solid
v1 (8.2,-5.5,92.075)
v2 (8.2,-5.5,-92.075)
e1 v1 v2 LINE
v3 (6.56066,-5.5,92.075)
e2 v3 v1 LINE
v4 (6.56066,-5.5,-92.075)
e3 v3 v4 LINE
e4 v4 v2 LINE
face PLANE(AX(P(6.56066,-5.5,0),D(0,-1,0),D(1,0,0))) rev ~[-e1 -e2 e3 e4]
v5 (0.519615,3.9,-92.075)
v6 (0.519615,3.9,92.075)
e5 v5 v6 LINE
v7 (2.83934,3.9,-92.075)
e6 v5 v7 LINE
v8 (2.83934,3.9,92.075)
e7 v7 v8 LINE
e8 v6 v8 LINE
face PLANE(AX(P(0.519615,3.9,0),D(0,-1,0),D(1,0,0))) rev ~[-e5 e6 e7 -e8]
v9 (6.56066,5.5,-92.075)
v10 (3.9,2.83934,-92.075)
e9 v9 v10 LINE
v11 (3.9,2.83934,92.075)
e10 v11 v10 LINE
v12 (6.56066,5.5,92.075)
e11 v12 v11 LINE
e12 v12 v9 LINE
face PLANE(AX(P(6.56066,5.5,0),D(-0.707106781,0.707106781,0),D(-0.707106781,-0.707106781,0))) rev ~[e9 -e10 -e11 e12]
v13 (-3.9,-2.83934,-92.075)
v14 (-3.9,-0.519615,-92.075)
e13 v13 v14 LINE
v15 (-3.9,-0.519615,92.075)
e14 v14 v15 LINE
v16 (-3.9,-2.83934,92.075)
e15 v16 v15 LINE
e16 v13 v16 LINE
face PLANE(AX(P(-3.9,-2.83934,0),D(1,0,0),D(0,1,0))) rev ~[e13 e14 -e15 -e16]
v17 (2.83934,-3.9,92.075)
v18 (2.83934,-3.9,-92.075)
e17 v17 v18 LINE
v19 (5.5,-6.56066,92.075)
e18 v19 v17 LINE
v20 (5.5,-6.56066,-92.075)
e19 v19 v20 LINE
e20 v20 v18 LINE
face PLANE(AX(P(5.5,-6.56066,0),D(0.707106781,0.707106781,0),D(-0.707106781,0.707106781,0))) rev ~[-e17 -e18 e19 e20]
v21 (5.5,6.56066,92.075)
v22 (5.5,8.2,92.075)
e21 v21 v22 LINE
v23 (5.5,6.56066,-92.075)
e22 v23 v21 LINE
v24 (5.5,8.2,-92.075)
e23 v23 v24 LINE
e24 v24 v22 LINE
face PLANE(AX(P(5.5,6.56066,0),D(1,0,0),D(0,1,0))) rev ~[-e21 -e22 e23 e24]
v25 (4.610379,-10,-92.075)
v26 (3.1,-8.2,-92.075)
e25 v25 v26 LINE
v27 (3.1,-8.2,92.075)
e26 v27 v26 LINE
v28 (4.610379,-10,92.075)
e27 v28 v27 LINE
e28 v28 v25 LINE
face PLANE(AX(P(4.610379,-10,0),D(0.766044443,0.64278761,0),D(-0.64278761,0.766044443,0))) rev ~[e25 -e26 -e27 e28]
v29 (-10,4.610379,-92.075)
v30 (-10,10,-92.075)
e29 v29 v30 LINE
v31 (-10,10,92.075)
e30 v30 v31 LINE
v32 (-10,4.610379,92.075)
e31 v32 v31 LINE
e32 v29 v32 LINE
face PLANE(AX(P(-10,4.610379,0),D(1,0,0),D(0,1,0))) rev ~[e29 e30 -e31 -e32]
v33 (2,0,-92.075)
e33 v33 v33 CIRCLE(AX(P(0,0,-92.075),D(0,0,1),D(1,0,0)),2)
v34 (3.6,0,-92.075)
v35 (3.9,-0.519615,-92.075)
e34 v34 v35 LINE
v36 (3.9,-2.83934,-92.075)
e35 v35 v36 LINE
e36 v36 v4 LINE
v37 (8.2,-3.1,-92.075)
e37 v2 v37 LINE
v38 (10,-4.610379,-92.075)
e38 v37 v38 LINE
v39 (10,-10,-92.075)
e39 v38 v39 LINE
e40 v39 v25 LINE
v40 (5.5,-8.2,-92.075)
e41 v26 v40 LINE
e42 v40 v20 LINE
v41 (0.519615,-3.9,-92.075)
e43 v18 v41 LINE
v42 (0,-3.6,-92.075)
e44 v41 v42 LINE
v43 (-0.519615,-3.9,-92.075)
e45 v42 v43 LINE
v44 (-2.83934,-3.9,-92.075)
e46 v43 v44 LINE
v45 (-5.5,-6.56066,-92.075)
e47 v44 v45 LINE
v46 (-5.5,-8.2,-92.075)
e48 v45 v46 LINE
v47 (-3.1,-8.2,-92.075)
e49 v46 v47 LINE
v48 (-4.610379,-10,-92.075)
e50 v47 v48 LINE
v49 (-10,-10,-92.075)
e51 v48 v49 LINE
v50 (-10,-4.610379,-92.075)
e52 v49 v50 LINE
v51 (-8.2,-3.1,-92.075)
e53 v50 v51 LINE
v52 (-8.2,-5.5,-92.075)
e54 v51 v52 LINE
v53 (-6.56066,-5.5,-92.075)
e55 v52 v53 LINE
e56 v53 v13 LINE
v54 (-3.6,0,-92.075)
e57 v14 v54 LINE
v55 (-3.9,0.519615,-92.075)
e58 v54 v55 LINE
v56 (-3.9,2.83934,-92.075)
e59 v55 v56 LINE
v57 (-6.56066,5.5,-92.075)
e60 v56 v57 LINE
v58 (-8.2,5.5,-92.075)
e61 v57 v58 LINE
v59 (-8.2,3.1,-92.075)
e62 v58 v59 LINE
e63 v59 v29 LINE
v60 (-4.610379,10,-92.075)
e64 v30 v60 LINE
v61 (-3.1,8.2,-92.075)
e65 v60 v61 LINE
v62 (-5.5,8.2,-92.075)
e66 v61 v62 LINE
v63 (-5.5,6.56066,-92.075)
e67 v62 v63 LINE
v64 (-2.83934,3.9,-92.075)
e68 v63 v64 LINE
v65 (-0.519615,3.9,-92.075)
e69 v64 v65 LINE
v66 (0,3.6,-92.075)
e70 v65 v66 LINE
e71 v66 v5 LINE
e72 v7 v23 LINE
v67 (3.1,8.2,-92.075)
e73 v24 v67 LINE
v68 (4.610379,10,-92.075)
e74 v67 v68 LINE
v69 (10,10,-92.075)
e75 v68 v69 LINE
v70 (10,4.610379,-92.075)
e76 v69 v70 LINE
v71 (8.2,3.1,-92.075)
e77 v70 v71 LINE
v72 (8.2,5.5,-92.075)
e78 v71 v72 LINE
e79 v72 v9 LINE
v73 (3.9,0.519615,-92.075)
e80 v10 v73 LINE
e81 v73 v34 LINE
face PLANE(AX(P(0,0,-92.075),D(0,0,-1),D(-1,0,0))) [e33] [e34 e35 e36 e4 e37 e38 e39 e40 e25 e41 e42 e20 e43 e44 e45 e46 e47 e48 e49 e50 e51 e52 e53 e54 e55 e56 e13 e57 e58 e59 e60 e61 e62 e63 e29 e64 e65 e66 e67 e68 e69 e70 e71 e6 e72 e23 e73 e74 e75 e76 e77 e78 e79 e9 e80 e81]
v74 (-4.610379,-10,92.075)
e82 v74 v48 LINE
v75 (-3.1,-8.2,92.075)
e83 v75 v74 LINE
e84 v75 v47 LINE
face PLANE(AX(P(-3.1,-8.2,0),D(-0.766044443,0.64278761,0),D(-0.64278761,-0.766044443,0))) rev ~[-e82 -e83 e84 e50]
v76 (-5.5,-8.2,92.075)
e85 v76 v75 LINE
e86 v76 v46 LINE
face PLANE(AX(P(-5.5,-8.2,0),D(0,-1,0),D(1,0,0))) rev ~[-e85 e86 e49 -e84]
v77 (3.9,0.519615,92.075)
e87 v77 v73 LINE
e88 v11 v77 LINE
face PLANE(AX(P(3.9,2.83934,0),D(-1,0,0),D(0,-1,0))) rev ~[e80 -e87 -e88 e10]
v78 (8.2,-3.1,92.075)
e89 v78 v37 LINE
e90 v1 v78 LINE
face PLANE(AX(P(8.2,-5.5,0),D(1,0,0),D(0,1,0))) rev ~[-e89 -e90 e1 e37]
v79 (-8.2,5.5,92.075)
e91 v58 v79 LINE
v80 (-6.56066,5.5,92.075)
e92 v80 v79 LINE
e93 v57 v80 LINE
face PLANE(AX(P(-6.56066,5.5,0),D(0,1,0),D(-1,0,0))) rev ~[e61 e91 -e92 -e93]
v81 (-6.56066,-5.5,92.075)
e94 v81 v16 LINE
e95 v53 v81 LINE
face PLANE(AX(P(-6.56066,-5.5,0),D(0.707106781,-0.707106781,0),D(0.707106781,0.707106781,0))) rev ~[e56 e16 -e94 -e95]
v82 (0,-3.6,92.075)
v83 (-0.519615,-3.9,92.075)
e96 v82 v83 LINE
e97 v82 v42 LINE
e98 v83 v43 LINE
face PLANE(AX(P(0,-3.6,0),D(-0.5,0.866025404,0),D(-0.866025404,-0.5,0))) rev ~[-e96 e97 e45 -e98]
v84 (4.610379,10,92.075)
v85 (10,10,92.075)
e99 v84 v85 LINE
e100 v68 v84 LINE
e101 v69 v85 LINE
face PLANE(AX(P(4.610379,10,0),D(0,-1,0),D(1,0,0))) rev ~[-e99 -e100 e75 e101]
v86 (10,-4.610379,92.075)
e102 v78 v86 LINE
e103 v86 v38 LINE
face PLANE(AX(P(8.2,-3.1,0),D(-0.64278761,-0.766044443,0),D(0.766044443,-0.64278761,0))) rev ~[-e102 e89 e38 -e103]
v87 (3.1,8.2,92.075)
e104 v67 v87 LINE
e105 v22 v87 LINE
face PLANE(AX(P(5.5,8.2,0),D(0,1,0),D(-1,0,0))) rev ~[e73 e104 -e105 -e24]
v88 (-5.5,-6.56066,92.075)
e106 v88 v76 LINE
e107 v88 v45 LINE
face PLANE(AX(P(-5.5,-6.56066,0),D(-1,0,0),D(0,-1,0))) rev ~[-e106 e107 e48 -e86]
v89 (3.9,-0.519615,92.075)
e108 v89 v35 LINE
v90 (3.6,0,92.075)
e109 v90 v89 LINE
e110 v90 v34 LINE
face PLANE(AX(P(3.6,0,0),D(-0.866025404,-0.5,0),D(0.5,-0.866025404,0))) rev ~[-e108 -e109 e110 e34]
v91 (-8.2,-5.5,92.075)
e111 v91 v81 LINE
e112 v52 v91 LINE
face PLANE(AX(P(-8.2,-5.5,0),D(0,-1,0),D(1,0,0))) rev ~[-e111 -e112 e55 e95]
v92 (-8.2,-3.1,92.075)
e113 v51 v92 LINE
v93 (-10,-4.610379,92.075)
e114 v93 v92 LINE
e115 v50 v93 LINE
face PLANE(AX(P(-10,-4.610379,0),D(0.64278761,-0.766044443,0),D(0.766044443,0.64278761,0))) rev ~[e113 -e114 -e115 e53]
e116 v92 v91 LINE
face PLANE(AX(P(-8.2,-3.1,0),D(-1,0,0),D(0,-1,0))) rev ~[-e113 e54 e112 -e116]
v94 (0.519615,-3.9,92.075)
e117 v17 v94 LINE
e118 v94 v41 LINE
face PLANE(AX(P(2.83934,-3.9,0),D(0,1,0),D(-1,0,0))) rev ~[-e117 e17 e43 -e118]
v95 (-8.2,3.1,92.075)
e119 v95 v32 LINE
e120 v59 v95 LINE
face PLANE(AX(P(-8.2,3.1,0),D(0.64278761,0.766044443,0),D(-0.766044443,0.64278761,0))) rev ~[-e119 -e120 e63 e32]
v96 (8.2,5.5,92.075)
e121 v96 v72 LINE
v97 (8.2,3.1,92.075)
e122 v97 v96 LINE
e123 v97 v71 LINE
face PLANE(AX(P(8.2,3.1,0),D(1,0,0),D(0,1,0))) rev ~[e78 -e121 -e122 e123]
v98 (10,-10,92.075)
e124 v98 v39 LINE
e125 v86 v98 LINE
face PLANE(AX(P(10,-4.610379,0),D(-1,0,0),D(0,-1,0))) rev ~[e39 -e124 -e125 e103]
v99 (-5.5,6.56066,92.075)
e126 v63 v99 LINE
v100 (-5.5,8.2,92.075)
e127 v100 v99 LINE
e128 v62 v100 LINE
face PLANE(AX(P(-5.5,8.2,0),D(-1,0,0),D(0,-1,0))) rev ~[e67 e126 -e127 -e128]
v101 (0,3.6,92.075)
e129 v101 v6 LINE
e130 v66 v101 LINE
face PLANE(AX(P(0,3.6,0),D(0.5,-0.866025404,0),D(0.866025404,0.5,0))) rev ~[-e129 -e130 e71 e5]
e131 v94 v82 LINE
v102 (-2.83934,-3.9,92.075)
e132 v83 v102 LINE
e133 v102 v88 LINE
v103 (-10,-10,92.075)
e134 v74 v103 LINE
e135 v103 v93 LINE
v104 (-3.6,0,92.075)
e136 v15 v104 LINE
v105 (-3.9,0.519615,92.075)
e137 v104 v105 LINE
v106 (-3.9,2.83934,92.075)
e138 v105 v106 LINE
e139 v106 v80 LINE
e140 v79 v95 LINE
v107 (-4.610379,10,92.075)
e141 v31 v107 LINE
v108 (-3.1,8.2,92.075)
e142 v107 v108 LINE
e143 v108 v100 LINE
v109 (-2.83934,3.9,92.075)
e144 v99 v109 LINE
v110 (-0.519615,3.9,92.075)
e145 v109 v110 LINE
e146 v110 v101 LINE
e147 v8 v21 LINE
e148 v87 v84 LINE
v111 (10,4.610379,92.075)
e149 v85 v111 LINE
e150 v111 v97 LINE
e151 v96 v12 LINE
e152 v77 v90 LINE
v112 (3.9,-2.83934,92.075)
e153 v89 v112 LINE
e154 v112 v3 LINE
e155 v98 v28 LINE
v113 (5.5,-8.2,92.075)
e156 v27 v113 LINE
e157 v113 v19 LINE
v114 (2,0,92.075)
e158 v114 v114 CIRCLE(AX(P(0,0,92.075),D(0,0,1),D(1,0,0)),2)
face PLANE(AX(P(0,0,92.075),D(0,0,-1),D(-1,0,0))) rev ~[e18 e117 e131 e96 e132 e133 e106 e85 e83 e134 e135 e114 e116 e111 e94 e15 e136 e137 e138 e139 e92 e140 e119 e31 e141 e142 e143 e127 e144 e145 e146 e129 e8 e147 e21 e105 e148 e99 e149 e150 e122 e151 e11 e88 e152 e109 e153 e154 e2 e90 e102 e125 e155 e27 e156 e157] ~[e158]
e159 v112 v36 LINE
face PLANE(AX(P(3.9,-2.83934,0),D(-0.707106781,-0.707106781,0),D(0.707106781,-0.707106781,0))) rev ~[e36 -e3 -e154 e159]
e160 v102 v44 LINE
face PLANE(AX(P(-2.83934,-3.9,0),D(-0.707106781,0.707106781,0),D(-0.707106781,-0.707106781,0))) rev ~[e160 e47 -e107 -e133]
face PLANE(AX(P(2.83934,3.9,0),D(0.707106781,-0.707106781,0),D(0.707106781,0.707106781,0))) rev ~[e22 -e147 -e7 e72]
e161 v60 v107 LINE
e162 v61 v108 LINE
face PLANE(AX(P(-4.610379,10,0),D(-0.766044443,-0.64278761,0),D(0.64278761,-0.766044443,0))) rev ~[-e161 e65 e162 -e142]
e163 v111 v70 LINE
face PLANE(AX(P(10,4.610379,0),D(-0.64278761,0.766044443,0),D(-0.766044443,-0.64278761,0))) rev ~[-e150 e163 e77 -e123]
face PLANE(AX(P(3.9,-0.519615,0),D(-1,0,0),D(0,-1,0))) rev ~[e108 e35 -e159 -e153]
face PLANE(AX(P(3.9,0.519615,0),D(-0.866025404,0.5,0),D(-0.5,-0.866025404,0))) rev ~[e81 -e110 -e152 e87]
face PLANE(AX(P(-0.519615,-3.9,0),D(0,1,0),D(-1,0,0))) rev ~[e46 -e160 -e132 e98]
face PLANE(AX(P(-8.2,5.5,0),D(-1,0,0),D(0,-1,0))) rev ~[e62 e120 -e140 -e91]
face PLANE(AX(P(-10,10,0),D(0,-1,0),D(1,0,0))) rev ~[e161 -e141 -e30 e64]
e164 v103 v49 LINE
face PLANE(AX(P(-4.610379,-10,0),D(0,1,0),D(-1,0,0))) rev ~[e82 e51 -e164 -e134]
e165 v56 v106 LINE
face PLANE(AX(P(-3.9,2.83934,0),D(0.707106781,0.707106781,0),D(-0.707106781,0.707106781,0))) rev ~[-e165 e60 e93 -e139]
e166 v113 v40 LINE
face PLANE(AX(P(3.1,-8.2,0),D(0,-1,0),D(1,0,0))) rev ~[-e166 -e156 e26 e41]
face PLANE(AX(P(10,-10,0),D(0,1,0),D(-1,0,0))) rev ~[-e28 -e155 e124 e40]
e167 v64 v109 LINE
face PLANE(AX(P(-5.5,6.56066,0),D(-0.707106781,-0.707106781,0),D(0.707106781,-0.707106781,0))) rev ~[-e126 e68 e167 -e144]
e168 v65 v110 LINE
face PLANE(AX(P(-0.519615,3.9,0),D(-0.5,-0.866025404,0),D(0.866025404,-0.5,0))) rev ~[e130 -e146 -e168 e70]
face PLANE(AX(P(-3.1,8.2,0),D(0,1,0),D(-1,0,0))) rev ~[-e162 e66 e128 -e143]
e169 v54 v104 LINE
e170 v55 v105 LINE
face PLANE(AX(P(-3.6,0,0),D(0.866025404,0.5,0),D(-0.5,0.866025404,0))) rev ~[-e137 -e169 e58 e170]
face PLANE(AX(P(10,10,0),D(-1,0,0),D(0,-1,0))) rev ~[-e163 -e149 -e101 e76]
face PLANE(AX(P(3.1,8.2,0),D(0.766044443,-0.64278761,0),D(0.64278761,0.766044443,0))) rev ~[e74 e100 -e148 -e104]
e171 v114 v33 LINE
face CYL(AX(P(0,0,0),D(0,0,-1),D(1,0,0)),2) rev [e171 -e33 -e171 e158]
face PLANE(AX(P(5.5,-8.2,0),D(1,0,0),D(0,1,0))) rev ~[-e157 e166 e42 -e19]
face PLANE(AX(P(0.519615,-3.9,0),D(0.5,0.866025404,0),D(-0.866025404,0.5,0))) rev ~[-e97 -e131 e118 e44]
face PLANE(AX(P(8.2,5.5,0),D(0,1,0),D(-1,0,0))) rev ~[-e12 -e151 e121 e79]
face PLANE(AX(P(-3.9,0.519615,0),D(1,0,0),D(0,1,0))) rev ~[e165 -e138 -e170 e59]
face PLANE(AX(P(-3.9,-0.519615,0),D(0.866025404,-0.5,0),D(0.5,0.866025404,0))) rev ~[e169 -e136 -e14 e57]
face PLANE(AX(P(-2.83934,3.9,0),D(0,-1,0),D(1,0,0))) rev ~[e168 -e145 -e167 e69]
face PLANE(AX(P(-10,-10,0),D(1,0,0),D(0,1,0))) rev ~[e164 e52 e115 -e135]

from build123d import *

# Parameters (mm, degrees)
SKETCH1_R           = 2
BOSS_EXTRUDE1_DEPTH = 92.075


with BuildPart() as part:
    # Sketch1 → Boss-Extrude1 (new body, symmetric)
    with BuildSketch(Plane.XY):
        Polygon((10, 10), (10, 4.610379336), (8.2, 3.1), (8.2, 5.5), (6.560660172, 5.5), (3.9, 2.839339828), (3.9, 0.519615242), (3.6, 0), (3.9, -0.519615242), (3.9, -2.839339828), (6.560660172, -5.5), (8.2, -5.5), (8.2, -3.1), (10, -4.610379336), (10, -10), (4.610379336, -10), (3.1, -8.2), (5.5, -8.2), (5.5, -6.560660172), (2.839339828, -3.9), (0.519615242, -3.9), (0, -3.6), (-0.519615242, -3.9), (-2.839339828, -3.9), (-5.5, -6.560660172), (-5.5, -8.2), (-3.1, -8.2), (-4.610379336, -10), (-10, -10), (-10, -4.610379336), (-8.2, -3.1), (-8.2, -5.5), (-6.560660172, -5.5), (-3.9, -2.839339828), (-3.9, -0.519615242), (-3.6, 0), (-3.9, 0.519615242), (-3.9, 2.839339828), (-6.560660172, 5.5), (-8.2, 5.5), (-8.2, 3.1), (-10, 4.610379336), (-10, 10), (-4.610379336, 10), (-3.1, 8.2), (-5.5, 8.2), (-5.5, 6.560660172), (-2.839339828, 3.9), (-0.519615242, 3.9), (0, 3.6), (0.519615242, 3.9), (2.839339828, 3.9), (5.5, 6.560660172), (5.5, 8.2), (3.1, 8.2), (4.610379336, 10), align=None)
        Circle(SKETCH1_R, mode=Mode.SUBTRACT)
    extrude(amount=BOSS_EXTRUDE1_DEPTH, both=True)


solid = part.part
